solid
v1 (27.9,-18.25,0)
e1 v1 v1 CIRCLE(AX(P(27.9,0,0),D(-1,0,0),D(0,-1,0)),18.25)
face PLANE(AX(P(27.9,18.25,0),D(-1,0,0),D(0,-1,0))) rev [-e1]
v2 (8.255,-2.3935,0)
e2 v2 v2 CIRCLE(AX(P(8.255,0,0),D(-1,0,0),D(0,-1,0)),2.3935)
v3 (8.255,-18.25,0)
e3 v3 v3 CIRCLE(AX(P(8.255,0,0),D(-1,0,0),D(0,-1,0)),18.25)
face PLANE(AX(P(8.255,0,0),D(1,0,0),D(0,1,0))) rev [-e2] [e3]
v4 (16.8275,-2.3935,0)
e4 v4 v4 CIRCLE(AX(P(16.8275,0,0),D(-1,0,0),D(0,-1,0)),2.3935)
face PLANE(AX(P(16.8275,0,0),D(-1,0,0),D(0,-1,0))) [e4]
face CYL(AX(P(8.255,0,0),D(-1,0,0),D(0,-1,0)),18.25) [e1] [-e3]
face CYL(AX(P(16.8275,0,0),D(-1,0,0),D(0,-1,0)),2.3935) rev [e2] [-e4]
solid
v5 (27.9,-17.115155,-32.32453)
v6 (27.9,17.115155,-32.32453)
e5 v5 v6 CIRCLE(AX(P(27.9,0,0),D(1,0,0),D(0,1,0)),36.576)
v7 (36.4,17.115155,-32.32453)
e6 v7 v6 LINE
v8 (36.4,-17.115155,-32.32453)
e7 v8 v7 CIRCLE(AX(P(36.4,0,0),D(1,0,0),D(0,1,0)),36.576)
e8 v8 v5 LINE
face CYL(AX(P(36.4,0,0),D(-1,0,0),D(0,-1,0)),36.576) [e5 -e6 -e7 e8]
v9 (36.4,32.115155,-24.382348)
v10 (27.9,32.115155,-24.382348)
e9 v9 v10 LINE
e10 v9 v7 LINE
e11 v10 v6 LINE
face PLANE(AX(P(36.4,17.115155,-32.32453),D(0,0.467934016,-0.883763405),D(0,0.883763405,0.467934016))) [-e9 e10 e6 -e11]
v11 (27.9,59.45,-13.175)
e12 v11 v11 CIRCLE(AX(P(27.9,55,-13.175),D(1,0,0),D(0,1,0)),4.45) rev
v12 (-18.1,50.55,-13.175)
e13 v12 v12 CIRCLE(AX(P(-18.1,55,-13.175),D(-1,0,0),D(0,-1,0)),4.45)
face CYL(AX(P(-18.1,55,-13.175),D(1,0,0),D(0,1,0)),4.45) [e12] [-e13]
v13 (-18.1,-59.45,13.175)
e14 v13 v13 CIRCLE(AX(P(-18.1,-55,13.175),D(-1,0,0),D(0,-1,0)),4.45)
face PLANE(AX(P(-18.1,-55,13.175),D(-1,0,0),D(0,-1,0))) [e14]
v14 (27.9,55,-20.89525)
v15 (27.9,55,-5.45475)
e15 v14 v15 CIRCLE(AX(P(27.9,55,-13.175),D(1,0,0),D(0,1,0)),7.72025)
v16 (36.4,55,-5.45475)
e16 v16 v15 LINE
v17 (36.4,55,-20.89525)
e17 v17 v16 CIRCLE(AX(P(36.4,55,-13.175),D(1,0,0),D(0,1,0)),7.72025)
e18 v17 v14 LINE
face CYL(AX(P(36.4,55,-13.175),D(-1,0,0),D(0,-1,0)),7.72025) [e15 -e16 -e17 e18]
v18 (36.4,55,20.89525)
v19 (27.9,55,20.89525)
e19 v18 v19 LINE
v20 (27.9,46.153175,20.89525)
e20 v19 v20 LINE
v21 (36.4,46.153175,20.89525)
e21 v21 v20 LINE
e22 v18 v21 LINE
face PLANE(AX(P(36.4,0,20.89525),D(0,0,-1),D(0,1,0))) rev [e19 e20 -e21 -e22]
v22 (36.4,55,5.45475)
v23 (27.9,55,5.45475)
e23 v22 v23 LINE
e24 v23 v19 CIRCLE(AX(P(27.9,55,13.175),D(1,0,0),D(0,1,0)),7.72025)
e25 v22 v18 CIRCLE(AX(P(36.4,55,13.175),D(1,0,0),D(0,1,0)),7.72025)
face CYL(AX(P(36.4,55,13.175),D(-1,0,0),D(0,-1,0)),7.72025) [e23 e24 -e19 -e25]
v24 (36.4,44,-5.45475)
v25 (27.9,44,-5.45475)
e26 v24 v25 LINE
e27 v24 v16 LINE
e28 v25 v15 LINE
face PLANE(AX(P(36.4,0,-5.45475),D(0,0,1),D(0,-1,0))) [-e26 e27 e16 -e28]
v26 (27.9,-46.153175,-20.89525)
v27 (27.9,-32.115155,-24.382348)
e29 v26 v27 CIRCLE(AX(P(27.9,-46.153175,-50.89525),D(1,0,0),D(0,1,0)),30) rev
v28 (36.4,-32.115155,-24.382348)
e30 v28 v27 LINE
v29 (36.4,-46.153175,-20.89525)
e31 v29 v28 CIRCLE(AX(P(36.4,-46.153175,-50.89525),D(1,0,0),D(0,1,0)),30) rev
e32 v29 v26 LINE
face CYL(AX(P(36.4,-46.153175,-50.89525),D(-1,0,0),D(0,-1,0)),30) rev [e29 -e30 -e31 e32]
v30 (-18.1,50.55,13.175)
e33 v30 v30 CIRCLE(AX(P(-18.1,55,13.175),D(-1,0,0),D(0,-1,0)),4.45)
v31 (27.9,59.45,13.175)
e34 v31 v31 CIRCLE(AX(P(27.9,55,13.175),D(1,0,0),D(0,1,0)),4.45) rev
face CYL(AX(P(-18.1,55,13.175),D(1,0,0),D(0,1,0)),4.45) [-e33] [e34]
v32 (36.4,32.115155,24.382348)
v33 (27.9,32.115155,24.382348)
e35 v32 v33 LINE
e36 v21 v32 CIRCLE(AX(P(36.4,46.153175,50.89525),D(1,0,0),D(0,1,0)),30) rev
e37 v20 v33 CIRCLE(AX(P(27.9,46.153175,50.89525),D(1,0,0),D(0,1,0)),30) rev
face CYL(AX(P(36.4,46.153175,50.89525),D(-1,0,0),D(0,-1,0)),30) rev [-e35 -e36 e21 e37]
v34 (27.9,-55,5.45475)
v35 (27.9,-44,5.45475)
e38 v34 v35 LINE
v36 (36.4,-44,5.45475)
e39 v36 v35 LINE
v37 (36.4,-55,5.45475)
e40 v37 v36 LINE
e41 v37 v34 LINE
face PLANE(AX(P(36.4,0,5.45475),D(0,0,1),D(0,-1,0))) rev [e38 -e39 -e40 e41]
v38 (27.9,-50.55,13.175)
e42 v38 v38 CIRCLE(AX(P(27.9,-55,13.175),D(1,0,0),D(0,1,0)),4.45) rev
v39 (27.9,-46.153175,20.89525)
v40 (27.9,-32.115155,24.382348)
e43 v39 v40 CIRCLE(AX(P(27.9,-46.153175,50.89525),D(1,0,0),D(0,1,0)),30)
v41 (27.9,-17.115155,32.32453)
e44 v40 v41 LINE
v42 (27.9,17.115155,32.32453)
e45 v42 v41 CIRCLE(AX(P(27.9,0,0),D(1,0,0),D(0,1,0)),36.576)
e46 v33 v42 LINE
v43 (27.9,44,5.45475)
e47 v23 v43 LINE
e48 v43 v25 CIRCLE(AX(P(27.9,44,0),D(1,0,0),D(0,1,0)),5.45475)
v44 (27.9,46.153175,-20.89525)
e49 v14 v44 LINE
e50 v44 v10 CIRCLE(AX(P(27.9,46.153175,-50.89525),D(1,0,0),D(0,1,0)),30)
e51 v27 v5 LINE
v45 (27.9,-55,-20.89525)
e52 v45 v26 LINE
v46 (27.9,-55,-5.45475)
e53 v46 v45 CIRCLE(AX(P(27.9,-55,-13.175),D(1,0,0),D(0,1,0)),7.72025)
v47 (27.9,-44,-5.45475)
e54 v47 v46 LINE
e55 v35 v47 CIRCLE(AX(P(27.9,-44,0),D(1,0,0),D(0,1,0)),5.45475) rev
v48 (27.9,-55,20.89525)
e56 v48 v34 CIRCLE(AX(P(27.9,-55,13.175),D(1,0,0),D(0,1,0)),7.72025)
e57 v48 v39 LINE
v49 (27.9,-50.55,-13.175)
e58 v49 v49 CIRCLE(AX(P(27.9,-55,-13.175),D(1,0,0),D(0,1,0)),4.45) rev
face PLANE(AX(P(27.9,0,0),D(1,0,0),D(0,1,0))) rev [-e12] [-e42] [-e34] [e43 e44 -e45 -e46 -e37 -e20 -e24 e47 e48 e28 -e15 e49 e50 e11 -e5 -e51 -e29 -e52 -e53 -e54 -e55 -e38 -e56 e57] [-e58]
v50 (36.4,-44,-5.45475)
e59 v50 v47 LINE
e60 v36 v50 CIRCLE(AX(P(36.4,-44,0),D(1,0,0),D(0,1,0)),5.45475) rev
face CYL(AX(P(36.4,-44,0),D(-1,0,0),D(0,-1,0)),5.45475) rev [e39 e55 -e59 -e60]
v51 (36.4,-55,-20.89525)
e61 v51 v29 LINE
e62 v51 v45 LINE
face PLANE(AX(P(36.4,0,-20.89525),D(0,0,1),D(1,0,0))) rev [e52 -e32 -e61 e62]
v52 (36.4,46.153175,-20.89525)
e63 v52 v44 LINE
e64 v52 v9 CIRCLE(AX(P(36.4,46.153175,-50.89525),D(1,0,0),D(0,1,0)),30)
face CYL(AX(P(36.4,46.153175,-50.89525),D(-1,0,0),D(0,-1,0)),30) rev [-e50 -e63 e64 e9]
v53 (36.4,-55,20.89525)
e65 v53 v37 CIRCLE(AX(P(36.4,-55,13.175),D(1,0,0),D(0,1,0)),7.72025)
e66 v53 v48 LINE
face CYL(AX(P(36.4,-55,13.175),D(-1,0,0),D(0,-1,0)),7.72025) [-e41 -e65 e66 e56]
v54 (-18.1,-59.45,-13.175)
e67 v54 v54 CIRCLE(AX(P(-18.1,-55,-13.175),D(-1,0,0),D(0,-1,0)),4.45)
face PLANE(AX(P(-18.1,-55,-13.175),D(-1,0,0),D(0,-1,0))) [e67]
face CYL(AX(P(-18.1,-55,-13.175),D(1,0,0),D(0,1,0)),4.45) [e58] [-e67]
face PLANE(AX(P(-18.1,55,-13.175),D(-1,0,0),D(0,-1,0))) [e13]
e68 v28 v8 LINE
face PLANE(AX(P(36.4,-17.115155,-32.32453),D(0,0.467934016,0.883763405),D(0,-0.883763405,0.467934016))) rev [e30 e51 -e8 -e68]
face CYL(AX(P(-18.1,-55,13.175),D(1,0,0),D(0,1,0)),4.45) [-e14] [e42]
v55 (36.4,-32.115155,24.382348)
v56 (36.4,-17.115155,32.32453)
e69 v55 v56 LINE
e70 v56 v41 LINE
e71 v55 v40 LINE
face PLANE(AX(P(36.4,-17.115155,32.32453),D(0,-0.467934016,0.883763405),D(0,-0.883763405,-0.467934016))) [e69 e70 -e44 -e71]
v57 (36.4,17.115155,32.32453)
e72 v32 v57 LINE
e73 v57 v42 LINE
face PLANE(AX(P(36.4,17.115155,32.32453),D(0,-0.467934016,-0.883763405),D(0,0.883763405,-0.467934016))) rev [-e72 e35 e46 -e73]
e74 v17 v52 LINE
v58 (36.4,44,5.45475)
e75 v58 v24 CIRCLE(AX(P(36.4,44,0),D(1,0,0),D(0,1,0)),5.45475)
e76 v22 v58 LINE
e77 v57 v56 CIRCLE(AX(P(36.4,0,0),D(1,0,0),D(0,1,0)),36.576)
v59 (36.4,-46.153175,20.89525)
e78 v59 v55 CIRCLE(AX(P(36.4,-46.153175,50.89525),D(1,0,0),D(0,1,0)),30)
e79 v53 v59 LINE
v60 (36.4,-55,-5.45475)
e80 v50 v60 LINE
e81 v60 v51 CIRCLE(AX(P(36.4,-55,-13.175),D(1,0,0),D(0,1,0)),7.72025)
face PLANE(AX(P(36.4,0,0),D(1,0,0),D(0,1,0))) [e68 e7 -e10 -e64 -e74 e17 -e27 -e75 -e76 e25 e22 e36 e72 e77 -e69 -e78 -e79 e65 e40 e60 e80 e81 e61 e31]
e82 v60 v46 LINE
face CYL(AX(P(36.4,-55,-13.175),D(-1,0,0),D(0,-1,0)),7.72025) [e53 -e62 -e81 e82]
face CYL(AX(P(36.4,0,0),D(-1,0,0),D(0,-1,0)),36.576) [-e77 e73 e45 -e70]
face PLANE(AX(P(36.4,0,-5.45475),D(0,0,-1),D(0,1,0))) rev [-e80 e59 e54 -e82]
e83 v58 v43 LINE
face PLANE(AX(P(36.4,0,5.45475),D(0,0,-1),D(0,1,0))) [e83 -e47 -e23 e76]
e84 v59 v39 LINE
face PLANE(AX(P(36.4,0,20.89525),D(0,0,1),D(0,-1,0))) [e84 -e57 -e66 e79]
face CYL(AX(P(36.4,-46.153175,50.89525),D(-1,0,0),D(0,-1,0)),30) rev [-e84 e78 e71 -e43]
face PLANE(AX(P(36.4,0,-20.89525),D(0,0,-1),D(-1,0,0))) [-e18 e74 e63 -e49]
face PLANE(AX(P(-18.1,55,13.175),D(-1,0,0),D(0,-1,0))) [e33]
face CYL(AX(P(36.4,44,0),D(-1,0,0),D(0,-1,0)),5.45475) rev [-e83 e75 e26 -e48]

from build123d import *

# Parameters (mm, degrees)
SKETCH1_W           = 19.645
SKETCH1_H           = 18.25
SKETCH2_R           = 2.3935
CUT_EXTRUDE1_DEPTH  = 8.5725
SKETCH3_R           = 18.25
BOSS_EXTRUDE1_DEPTH = 8.5
SKETCH4_R           = 4.45
BOSS_EXTRUDE2_DEPTH = 46


with BuildPart() as part:
    # Sketch1 → Revolve1 (revolve)
    with BuildSketch(Plane.XY):
        with Locations((18.0775, 9.125)):
            Rectangle(SKETCH1_W, SKETCH1_H)
    revolve(axis=Axis((8.255, 0, 0), (1, 0, 0)))

    # Sketch2 → Cut-Extrude1 (cut)
    with BuildSketch(Plane.ZY.offset(-8.255)):
        Circle(SKETCH2_R)
    extrude(amount=-CUT_EXTRUDE1_DEPTH, mode=Mode.SUBTRACT)


with BuildPart() as body_2:
    # Sketch3 → Boss-Extrude1 (new body)
    with BuildSketch(Plane(origin=(27.9, 0, 0), x_dir=(0, 0, -1), z_dir=(1, 0, 0))):
        with BuildLine():
            Line((-24.382347836, 32.115154563), (-32.324530318, 17.115154563))
            ThreePointArc((-32.324530318, 17.115154563), (-36.576, 0), (-32.324530318, -17.115154563))
            Line((-32.324530318, -17.115154563), (-24.382347836, -32.115154563))
            ThreePointArc((-24.382347836, -32.115154563), (-21.780072988, -38.920854003), (-20.89525, -46.153175037))
            Line((-20.89525, -46.153175037), (-20.89525, -55))
            ThreePointArc((-20.89525, -55), (-13.175, -62.72025), (-5.45475, -55))
            Line((-5.45475, -55), (-5.45475, -44))
            ThreePointArc((-5.45475, -44), (0, -38.54525), (5.45475, -44))
            Line((5.45475, -44), (5.45475, -55))
            ThreePointArc((5.45475, -55), (13.175, -62.72025), (20.89525, -55))
            Line((20.89525, -55), (20.89525, -46.153175037))
            ThreePointArc((20.89525, -46.153175037), (21.780072988, -38.920854003), (24.382347836, -32.115154563))
            Line((24.382347836, -32.115154563), (32.324530318, -17.115154563))
            ThreePointArc((32.324530318, -17.115154563), (36.576, 0), (32.324530318, 17.115154563))
            Line((32.324530318, 17.115154563), (24.382347836, 32.115154563))
            ThreePointArc((24.382347836, 32.115154563), (21.780072988, 38.920854003), (20.89525, 46.153175037))
            Line((20.89525, 46.153175037), (20.89525, 55))
            ThreePointArc((20.89525, 55), (13.175, 62.72025), (5.45475, 55))
            Line((5.45475, 55), (5.45475, 44))
            ThreePointArc((5.45475, 44), (0, 38.54525), (-5.45475, 44))
            Line((-5.45475, 44), (-5.45475, 55))
            ThreePointArc((-5.45475, 55), (-13.175, 62.72025), (-20.89525, 55))
            Line((-20.89525, 55), (-20.89525, 46.153175037))
            ThreePointArc((-20.89525, 46.153175037), (-21.780072988, 38.920854003), (-24.382347836, 32.115154563))
        make_face()
        Circle(SKETCH3_R, mode=Mode.SUBTRACT)
        Circle(SKETCH3_R)
    extrude(amount=BOSS_EXTRUDE1_DEPTH)

    # Sketch4 → Boss-Extrude2 (add)
    with BuildSketch(Plane.ZY.offset(-27.9)):
        with Locations((-13.175, 55)):
            Circle(SKETCH4_R)
        with Locations((13.175, -55)):
            Circle(SKETCH4_R)
        with Locations((13.175, 55)):
            Circle(SKETCH4_R)
        with Locations((-13.175, -55)):
            Circle(SKETCH4_R)
    extrude(amount=BOSS_EXTRUDE2_DEPTH)


solid = Compound([part.part, body_2.part])
